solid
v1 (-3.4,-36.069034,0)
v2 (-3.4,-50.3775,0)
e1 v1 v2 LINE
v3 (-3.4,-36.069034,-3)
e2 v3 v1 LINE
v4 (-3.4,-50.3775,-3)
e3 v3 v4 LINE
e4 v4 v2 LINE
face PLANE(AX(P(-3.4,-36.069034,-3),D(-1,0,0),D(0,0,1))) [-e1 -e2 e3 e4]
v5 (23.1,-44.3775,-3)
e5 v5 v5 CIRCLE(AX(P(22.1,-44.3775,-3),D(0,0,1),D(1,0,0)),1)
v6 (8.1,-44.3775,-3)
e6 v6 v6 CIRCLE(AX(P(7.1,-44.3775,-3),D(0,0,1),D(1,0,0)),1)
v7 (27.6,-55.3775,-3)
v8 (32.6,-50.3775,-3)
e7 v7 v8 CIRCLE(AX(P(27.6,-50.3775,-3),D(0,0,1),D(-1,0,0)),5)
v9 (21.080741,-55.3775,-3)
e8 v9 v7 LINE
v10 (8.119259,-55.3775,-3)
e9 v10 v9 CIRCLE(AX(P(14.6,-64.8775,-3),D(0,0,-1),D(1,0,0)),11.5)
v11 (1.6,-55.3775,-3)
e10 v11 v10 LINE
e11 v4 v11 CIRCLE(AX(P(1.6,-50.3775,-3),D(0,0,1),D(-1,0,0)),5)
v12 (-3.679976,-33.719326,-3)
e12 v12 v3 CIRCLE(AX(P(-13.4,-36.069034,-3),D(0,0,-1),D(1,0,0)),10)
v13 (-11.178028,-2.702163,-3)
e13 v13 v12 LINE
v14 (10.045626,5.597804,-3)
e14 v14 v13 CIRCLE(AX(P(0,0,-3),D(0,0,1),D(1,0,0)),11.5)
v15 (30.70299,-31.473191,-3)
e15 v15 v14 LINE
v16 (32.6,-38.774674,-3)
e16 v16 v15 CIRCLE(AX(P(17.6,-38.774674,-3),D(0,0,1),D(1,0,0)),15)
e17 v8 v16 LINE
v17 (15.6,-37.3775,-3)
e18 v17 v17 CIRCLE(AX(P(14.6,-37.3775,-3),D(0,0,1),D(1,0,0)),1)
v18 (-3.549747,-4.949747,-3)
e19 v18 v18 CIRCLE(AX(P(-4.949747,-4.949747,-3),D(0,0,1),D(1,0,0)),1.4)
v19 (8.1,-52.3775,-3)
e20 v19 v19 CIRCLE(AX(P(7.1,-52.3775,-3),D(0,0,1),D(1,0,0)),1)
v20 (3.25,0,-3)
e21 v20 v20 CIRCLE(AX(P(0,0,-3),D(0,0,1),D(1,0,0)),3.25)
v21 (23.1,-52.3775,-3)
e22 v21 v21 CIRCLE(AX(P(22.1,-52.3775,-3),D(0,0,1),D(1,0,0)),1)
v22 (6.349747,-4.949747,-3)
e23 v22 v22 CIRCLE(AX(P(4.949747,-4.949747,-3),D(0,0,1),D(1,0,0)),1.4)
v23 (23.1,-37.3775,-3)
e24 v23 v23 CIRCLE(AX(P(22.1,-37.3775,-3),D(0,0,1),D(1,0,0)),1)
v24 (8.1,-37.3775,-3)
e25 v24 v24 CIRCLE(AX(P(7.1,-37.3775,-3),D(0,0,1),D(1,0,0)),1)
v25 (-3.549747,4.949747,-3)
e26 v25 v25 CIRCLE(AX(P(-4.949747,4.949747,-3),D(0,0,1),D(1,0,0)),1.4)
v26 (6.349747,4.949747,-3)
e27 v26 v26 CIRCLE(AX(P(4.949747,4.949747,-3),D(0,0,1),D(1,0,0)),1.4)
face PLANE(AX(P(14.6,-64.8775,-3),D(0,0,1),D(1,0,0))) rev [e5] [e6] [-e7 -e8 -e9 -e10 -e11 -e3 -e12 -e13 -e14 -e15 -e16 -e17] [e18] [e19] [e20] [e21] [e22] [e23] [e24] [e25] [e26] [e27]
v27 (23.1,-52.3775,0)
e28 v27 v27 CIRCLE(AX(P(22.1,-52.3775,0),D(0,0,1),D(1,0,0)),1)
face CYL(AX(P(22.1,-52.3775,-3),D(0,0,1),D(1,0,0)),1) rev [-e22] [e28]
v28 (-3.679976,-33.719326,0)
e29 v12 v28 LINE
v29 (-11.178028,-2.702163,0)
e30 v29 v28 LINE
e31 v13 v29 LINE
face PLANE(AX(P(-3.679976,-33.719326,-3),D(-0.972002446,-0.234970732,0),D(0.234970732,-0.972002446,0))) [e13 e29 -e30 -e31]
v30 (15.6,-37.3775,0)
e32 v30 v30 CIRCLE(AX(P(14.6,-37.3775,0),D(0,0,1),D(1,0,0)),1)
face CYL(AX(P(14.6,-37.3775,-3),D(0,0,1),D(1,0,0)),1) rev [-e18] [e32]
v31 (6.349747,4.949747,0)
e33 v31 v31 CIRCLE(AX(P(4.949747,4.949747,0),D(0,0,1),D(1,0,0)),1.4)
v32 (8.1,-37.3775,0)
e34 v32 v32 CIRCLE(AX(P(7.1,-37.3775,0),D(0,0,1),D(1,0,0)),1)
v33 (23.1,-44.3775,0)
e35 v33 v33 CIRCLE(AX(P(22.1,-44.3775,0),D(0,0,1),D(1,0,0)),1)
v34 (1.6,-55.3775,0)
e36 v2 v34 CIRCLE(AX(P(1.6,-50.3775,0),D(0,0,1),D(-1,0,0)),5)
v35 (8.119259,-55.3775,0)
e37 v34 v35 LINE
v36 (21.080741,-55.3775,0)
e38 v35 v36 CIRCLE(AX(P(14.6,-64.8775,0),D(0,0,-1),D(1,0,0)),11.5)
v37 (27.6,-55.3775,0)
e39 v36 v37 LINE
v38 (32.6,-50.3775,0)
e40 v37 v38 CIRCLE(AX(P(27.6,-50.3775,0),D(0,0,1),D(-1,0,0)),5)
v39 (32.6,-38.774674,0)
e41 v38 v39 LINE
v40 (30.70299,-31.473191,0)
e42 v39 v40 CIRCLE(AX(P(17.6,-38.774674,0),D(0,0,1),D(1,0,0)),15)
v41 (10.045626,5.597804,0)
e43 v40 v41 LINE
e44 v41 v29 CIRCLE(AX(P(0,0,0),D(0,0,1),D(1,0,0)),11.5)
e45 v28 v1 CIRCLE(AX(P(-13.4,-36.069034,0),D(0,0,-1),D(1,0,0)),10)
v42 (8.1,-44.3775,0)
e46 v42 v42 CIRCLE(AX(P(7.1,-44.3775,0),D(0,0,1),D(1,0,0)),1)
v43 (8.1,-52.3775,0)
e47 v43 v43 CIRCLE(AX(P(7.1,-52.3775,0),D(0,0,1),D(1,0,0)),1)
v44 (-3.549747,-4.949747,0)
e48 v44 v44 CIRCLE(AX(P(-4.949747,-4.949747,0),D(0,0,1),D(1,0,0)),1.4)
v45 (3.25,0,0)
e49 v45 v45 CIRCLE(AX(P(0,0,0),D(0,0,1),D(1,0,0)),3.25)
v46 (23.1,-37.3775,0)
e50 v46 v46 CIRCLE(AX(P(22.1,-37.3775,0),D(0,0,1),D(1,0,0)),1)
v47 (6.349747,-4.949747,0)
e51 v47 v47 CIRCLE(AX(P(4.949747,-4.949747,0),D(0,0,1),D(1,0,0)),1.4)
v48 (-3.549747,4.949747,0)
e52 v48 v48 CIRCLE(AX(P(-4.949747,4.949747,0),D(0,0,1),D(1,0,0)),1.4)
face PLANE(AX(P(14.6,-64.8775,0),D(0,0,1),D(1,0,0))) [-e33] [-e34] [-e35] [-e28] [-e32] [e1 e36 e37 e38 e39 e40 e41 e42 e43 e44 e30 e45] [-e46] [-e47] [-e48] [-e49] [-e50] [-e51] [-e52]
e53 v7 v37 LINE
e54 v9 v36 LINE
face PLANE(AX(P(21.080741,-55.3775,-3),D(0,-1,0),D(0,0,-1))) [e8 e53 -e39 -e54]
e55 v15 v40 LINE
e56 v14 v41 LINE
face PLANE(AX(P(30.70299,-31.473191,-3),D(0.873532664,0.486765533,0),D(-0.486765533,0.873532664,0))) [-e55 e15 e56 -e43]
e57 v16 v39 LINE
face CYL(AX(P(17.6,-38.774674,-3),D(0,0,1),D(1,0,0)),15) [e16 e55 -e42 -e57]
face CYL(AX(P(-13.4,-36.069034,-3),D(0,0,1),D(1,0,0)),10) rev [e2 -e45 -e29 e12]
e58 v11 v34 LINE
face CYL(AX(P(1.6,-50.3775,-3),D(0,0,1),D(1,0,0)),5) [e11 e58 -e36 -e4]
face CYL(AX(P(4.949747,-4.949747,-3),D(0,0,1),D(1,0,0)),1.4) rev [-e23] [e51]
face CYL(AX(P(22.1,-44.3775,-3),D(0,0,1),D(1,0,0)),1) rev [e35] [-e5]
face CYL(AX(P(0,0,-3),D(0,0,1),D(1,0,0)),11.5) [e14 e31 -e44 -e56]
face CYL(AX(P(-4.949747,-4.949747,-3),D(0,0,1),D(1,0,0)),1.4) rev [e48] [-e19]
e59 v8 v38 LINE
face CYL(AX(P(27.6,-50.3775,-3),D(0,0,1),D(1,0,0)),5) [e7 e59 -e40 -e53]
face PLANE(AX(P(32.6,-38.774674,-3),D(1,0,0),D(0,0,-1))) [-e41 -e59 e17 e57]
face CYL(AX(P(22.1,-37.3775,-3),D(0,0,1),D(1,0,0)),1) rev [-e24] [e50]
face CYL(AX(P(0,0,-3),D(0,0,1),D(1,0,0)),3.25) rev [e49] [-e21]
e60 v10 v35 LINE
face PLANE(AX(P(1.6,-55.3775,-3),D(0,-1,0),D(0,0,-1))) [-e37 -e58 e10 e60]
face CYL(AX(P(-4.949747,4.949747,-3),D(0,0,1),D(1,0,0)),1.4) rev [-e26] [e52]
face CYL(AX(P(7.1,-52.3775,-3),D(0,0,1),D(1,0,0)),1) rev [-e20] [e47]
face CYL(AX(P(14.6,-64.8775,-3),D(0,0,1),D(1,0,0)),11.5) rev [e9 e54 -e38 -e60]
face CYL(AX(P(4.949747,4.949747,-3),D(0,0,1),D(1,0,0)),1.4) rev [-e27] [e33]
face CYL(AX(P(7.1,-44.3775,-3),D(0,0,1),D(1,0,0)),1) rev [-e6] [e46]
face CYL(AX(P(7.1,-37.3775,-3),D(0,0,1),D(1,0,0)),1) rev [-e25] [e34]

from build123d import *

# Parameters (mm, degrees)
SKETCH_1_R      = 3.25
SKETCH_1_R_2    = 1.4
SKETCH_1_R_3    = 1
EXTRUDE_1_DEPTH = 3


with BuildPart() as part:
    # Эскиз1 → Бобышка-Вытянуть1 (new body)
    with BuildSketch(Plane.XY):
        with BuildLine():
            Line((1.6, -55.377499952), (8.119259302, -55.377499952))
            ThreePointArc((8.119259302, -55.377499952), (14.6, -53.377499952), (21.080740698, -55.377499952))
            Line((21.080740698, -55.377499952), (27.6, -55.377499952))
            ThreePointArc((27.6, -55.377499952), (31.135533906, -53.913033858), (32.6, -50.377499952))
            Line((32.6, -50.377499952), (32.6, -38.774674064))
            ThreePointArc((32.6, -38.774674064), (32.11800347, -35.002728245), (30.702989966, -31.473191066))
            Line((30.702989966, -31.473191066), (10.04562564, 5.597803631))
            ThreePointArc((10.04562564, 5.597803631), (-4.188430146, 10.710137857), (-11.17802813, -2.702163414))
            Line((-11.17802813, -2.702163414), (-3.679975539, -33.719326307))
            ThreePointArc((-3.679975539, -33.719326307), (-3.470240572, -34.885869352), (-3.4, -36.069033624))
            Line((-3.4, -36.069033624), (-3.4, -50.377499952))
            ThreePointArc((-3.4, -50.377499952), (-1.935533906, -53.913033858), (1.6, -55.377499952))
        make_face()
        Circle(SKETCH_1_R, mode=Mode.SUBTRACT)
        with Locations((-4.949747468, 4.949747468)):
            Circle(SKETCH_1_R_2, mode=Mode.SUBTRACT)
        with Locations((4.949747468, 4.949747468)):
            Circle(SKETCH_1_R_2, mode=Mode.SUBTRACT)
        with Locations((4.949747468, -4.949747468)):
            Circle(SKETCH_1_R_2, mode=Mode.SUBTRACT)
        with Locations((-4.949747468, -4.949747468)):
            Circle(SKETCH_1_R_2, mode=Mode.SUBTRACT)
        with Locations((7.1, -37.377499952)):
            Circle(SKETCH_1_R_3, mode=Mode.SUBTRACT)
        with Locations((22.1, -37.377499952)):
            Circle(SKETCH_1_R_3, mode=Mode.SUBTRACT)
        with Locations((7.1, -52.377499952)):
            Circle(SKETCH_1_R_3, mode=Mode.SUBTRACT)
        with Locations((22.1, -52.377499952)):
            Circle(SKETCH_1_R_3, mode=Mode.SUBTRACT)
        with Locations((14.6, -37.377499952)):
            Circle(SKETCH_1_R_3, mode=Mode.SUBTRACT)
        with Locations((22.1, -44.377499952)):
            Circle(SKETCH_1_R_3, mode=Mode.SUBTRACT)
        with Locations((7.1, -44.377499952)):
            Circle(SKETCH_1_R_3, mode=Mode.SUBTRACT)
    extrude(amount=-EXTRUDE_1_DEPTH)


solid = part.part
